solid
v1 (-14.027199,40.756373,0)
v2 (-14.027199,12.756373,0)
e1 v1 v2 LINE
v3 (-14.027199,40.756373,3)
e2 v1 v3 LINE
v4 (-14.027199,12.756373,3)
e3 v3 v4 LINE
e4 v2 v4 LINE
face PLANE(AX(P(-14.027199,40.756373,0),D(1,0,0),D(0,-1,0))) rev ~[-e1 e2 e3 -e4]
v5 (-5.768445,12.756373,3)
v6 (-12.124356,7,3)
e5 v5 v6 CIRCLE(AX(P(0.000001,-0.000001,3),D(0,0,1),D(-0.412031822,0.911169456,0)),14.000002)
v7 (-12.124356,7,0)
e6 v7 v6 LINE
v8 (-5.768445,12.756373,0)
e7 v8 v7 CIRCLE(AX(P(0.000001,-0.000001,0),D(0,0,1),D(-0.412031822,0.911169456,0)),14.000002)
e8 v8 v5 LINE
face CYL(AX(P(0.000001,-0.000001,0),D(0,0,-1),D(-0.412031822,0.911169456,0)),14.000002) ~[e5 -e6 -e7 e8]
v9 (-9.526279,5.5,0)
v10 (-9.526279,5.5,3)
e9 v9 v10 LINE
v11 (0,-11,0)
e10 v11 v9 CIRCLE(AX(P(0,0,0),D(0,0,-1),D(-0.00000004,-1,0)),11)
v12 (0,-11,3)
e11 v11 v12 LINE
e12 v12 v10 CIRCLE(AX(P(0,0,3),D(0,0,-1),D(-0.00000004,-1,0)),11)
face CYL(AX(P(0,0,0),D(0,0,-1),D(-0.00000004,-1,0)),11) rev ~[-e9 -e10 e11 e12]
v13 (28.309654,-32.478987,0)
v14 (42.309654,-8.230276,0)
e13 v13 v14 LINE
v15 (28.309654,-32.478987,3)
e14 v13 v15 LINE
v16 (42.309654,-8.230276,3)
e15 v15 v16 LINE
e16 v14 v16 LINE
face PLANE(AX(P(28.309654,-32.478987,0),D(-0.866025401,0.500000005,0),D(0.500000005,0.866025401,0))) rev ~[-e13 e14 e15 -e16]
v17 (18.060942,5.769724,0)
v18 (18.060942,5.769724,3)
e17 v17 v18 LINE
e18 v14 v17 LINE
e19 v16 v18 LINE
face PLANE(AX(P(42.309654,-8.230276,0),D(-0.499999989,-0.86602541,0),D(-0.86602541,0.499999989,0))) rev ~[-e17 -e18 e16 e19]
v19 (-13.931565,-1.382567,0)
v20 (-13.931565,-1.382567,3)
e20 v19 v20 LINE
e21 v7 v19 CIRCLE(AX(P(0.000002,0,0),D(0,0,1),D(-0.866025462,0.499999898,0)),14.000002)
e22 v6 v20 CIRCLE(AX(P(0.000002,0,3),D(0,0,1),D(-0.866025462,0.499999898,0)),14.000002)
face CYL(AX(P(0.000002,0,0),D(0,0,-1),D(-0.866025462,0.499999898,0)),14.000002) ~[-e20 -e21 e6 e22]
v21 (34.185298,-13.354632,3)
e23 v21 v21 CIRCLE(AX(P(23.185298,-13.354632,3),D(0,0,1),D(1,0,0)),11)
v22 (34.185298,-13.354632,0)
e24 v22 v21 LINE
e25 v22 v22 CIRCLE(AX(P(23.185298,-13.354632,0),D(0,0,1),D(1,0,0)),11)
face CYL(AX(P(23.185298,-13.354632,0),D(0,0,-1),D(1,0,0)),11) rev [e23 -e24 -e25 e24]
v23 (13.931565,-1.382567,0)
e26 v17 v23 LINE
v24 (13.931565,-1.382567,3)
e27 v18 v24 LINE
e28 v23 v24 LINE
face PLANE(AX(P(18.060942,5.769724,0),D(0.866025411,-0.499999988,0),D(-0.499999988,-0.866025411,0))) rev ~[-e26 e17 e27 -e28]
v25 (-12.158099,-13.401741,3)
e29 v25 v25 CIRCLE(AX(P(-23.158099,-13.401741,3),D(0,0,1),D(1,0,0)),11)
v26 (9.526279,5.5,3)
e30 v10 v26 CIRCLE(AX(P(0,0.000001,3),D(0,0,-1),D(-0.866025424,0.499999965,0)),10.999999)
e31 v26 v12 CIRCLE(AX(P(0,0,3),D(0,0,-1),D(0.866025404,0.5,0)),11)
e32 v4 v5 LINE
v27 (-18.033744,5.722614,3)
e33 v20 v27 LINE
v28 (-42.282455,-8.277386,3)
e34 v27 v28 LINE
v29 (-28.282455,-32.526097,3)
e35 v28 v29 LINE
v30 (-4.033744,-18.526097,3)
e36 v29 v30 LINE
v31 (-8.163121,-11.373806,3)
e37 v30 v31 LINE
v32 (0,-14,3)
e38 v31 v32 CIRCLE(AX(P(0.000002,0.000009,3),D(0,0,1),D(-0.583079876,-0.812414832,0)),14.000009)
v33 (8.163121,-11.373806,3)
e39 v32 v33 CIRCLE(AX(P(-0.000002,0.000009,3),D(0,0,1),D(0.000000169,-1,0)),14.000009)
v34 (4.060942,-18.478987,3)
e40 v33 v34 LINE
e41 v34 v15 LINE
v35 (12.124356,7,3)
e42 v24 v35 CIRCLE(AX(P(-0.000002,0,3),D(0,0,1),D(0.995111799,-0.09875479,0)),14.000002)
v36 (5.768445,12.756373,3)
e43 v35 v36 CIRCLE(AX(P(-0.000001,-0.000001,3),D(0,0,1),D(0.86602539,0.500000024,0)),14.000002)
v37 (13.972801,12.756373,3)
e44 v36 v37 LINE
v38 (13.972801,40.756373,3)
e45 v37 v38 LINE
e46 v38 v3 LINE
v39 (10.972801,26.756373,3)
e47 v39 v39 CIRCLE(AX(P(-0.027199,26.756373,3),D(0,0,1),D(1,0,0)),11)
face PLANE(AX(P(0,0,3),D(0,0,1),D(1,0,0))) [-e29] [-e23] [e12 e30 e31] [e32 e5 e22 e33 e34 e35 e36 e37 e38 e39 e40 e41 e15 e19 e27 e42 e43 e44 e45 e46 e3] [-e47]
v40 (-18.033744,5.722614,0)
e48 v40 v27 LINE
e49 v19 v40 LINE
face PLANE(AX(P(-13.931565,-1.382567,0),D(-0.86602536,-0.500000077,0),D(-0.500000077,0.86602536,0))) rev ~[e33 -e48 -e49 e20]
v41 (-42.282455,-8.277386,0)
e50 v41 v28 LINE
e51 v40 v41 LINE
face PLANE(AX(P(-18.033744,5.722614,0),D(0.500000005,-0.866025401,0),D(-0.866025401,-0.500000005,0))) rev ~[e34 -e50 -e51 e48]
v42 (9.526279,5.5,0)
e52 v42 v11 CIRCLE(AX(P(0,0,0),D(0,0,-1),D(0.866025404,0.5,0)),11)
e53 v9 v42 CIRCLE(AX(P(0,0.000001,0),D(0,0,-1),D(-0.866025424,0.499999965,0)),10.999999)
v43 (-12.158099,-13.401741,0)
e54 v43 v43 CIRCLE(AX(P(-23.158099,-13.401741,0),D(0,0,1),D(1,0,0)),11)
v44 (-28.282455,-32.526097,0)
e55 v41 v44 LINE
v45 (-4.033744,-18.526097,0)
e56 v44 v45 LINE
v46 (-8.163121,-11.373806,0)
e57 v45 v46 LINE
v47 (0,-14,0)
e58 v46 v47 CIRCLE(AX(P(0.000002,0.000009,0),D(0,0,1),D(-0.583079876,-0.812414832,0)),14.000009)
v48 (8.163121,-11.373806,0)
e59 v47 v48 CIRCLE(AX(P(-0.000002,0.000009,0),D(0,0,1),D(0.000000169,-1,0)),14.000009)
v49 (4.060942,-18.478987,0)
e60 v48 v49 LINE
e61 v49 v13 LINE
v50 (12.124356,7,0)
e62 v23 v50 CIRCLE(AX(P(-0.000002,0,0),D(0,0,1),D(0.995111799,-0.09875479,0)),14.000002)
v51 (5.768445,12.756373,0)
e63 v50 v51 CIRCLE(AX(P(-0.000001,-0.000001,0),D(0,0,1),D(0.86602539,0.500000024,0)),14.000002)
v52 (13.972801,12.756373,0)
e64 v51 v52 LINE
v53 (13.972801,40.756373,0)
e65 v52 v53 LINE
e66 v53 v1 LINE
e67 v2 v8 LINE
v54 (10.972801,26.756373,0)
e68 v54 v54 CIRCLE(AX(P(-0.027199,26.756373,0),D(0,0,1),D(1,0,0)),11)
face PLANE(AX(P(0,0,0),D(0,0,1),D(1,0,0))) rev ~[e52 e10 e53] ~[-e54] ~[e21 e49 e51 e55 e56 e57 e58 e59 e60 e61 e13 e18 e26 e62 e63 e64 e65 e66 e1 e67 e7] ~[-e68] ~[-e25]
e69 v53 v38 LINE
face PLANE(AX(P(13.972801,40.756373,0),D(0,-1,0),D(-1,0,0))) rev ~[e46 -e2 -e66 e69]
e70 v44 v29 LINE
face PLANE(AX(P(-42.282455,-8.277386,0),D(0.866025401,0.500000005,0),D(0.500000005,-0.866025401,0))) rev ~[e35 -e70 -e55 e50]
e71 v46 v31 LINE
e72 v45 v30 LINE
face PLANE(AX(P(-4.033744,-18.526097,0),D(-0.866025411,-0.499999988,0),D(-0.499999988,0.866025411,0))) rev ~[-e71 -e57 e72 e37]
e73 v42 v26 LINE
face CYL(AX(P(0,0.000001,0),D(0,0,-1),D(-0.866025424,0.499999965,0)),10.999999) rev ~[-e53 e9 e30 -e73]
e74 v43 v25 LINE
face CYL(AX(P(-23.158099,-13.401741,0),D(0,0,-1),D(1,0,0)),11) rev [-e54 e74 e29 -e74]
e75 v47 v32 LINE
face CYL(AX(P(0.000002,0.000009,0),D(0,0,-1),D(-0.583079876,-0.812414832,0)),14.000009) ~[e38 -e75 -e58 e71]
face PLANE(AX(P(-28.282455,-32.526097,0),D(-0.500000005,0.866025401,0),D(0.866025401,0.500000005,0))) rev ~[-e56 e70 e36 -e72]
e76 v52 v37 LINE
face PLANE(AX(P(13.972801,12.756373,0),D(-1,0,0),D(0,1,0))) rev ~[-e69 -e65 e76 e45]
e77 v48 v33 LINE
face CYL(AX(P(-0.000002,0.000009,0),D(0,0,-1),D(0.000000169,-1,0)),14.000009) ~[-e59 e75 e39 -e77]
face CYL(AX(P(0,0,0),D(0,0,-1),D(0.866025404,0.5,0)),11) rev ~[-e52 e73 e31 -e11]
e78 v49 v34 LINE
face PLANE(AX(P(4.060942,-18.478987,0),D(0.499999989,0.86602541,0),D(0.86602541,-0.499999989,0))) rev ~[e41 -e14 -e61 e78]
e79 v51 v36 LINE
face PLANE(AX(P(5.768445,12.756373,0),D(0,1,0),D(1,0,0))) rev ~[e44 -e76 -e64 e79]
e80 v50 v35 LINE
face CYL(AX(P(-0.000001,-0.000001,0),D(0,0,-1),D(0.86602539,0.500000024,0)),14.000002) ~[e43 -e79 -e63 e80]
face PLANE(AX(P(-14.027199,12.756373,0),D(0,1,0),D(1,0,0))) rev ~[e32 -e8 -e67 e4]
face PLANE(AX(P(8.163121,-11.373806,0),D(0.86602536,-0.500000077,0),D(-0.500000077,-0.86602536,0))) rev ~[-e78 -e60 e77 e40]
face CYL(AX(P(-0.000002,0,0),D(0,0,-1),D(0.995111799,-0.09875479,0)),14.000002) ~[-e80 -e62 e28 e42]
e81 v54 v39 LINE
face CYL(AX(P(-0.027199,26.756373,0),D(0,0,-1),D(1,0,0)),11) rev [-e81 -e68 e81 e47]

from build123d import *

# Parameters (mm, degrees)
F0_R     = 11
F1_DEPTH = 3


with BuildPart() as f1:
    # F0 (on Top) → F1 (new body)
    with BuildSketch(Plane.XY):
        with BuildLine():
            Line((-14.027199, 12.756373), (-5.768445, 12.756373))
            ThreePointArc((-5.768445, 12.756373), (-9.39798, 10.3768), (-12.124356, 7))
            ThreePointArc((-12.124356, 7), (-13.685562, 2.95049), (-13.931565, -1.382567))
            Line((-13.931565, -1.382567), (-18.033744, 5.722614))
            Line((-18.033744, 5.722614), (-42.282455, -8.277386))
            Line((-42.282455, -8.277386), (-28.282455, -32.526097))
            Line((-28.282455, -32.526097), (-4.033744, -18.526097))
            Line((-4.033744, -18.526097), (-8.163121, -11.373806))
            ThreePointArc((-8.163121, -11.373806), (-4.287582, -13.327289), (0, -14))
            ThreePointArc((0, -14), (4.287582, -13.327289), (8.163121, -11.373806))
            Line((8.163121, -11.373806), (4.060942, -18.478987))
            Line((4.060942, -18.478987), (28.309654, -32.478987))
            Line((28.309654, -32.478987), (42.309654, -8.230276))
            Line((42.309654, -8.230276), (18.060942, 5.769724))
            Line((18.060942, 5.769724), (13.931565, -1.382567))
            ThreePointArc((13.931565, -1.382567), (13.685562, 2.95049), (12.124356, 7))
            ThreePointArc((12.124356, 7), (9.39798, 10.3768), (5.768445, 12.756373))
            Line((5.768445, 12.756373), (13.972801, 12.756373))
            Line((13.972801, 12.756373), (13.972801, 40.756373))
            Line((13.972801, 40.756373), (-14.027199, 40.756373))
            Line((-14.027199, 40.756373), (-14.027199, 12.756373))
        make_face()
        with Locations((-23.158099, -13.401741)):
            Circle(F0_R, mode=Mode.SUBTRACT)
        with BuildLine():
            ThreePointArc((-9.526279, 5.5), (0, 11), (9.526279, 5.5))
            ThreePointArc((9.526279, 5.5), (9.526279, -5.5), (0, -11))
            ThreePointArc((0, -11), (-9.526279, -5.5), (-9.526279, 5.5))
        make_face(mode=Mode.SUBTRACT)
        with Locations((23.185298, -13.354632)):
            Circle(F0_R, mode=Mode.SUBTRACT)
        with Locations((-0.027199, 26.756373)):
            Circle(F0_R, mode=Mode.SUBTRACT)
    extrude(amount=F1_DEPTH)


solid = f1.part
